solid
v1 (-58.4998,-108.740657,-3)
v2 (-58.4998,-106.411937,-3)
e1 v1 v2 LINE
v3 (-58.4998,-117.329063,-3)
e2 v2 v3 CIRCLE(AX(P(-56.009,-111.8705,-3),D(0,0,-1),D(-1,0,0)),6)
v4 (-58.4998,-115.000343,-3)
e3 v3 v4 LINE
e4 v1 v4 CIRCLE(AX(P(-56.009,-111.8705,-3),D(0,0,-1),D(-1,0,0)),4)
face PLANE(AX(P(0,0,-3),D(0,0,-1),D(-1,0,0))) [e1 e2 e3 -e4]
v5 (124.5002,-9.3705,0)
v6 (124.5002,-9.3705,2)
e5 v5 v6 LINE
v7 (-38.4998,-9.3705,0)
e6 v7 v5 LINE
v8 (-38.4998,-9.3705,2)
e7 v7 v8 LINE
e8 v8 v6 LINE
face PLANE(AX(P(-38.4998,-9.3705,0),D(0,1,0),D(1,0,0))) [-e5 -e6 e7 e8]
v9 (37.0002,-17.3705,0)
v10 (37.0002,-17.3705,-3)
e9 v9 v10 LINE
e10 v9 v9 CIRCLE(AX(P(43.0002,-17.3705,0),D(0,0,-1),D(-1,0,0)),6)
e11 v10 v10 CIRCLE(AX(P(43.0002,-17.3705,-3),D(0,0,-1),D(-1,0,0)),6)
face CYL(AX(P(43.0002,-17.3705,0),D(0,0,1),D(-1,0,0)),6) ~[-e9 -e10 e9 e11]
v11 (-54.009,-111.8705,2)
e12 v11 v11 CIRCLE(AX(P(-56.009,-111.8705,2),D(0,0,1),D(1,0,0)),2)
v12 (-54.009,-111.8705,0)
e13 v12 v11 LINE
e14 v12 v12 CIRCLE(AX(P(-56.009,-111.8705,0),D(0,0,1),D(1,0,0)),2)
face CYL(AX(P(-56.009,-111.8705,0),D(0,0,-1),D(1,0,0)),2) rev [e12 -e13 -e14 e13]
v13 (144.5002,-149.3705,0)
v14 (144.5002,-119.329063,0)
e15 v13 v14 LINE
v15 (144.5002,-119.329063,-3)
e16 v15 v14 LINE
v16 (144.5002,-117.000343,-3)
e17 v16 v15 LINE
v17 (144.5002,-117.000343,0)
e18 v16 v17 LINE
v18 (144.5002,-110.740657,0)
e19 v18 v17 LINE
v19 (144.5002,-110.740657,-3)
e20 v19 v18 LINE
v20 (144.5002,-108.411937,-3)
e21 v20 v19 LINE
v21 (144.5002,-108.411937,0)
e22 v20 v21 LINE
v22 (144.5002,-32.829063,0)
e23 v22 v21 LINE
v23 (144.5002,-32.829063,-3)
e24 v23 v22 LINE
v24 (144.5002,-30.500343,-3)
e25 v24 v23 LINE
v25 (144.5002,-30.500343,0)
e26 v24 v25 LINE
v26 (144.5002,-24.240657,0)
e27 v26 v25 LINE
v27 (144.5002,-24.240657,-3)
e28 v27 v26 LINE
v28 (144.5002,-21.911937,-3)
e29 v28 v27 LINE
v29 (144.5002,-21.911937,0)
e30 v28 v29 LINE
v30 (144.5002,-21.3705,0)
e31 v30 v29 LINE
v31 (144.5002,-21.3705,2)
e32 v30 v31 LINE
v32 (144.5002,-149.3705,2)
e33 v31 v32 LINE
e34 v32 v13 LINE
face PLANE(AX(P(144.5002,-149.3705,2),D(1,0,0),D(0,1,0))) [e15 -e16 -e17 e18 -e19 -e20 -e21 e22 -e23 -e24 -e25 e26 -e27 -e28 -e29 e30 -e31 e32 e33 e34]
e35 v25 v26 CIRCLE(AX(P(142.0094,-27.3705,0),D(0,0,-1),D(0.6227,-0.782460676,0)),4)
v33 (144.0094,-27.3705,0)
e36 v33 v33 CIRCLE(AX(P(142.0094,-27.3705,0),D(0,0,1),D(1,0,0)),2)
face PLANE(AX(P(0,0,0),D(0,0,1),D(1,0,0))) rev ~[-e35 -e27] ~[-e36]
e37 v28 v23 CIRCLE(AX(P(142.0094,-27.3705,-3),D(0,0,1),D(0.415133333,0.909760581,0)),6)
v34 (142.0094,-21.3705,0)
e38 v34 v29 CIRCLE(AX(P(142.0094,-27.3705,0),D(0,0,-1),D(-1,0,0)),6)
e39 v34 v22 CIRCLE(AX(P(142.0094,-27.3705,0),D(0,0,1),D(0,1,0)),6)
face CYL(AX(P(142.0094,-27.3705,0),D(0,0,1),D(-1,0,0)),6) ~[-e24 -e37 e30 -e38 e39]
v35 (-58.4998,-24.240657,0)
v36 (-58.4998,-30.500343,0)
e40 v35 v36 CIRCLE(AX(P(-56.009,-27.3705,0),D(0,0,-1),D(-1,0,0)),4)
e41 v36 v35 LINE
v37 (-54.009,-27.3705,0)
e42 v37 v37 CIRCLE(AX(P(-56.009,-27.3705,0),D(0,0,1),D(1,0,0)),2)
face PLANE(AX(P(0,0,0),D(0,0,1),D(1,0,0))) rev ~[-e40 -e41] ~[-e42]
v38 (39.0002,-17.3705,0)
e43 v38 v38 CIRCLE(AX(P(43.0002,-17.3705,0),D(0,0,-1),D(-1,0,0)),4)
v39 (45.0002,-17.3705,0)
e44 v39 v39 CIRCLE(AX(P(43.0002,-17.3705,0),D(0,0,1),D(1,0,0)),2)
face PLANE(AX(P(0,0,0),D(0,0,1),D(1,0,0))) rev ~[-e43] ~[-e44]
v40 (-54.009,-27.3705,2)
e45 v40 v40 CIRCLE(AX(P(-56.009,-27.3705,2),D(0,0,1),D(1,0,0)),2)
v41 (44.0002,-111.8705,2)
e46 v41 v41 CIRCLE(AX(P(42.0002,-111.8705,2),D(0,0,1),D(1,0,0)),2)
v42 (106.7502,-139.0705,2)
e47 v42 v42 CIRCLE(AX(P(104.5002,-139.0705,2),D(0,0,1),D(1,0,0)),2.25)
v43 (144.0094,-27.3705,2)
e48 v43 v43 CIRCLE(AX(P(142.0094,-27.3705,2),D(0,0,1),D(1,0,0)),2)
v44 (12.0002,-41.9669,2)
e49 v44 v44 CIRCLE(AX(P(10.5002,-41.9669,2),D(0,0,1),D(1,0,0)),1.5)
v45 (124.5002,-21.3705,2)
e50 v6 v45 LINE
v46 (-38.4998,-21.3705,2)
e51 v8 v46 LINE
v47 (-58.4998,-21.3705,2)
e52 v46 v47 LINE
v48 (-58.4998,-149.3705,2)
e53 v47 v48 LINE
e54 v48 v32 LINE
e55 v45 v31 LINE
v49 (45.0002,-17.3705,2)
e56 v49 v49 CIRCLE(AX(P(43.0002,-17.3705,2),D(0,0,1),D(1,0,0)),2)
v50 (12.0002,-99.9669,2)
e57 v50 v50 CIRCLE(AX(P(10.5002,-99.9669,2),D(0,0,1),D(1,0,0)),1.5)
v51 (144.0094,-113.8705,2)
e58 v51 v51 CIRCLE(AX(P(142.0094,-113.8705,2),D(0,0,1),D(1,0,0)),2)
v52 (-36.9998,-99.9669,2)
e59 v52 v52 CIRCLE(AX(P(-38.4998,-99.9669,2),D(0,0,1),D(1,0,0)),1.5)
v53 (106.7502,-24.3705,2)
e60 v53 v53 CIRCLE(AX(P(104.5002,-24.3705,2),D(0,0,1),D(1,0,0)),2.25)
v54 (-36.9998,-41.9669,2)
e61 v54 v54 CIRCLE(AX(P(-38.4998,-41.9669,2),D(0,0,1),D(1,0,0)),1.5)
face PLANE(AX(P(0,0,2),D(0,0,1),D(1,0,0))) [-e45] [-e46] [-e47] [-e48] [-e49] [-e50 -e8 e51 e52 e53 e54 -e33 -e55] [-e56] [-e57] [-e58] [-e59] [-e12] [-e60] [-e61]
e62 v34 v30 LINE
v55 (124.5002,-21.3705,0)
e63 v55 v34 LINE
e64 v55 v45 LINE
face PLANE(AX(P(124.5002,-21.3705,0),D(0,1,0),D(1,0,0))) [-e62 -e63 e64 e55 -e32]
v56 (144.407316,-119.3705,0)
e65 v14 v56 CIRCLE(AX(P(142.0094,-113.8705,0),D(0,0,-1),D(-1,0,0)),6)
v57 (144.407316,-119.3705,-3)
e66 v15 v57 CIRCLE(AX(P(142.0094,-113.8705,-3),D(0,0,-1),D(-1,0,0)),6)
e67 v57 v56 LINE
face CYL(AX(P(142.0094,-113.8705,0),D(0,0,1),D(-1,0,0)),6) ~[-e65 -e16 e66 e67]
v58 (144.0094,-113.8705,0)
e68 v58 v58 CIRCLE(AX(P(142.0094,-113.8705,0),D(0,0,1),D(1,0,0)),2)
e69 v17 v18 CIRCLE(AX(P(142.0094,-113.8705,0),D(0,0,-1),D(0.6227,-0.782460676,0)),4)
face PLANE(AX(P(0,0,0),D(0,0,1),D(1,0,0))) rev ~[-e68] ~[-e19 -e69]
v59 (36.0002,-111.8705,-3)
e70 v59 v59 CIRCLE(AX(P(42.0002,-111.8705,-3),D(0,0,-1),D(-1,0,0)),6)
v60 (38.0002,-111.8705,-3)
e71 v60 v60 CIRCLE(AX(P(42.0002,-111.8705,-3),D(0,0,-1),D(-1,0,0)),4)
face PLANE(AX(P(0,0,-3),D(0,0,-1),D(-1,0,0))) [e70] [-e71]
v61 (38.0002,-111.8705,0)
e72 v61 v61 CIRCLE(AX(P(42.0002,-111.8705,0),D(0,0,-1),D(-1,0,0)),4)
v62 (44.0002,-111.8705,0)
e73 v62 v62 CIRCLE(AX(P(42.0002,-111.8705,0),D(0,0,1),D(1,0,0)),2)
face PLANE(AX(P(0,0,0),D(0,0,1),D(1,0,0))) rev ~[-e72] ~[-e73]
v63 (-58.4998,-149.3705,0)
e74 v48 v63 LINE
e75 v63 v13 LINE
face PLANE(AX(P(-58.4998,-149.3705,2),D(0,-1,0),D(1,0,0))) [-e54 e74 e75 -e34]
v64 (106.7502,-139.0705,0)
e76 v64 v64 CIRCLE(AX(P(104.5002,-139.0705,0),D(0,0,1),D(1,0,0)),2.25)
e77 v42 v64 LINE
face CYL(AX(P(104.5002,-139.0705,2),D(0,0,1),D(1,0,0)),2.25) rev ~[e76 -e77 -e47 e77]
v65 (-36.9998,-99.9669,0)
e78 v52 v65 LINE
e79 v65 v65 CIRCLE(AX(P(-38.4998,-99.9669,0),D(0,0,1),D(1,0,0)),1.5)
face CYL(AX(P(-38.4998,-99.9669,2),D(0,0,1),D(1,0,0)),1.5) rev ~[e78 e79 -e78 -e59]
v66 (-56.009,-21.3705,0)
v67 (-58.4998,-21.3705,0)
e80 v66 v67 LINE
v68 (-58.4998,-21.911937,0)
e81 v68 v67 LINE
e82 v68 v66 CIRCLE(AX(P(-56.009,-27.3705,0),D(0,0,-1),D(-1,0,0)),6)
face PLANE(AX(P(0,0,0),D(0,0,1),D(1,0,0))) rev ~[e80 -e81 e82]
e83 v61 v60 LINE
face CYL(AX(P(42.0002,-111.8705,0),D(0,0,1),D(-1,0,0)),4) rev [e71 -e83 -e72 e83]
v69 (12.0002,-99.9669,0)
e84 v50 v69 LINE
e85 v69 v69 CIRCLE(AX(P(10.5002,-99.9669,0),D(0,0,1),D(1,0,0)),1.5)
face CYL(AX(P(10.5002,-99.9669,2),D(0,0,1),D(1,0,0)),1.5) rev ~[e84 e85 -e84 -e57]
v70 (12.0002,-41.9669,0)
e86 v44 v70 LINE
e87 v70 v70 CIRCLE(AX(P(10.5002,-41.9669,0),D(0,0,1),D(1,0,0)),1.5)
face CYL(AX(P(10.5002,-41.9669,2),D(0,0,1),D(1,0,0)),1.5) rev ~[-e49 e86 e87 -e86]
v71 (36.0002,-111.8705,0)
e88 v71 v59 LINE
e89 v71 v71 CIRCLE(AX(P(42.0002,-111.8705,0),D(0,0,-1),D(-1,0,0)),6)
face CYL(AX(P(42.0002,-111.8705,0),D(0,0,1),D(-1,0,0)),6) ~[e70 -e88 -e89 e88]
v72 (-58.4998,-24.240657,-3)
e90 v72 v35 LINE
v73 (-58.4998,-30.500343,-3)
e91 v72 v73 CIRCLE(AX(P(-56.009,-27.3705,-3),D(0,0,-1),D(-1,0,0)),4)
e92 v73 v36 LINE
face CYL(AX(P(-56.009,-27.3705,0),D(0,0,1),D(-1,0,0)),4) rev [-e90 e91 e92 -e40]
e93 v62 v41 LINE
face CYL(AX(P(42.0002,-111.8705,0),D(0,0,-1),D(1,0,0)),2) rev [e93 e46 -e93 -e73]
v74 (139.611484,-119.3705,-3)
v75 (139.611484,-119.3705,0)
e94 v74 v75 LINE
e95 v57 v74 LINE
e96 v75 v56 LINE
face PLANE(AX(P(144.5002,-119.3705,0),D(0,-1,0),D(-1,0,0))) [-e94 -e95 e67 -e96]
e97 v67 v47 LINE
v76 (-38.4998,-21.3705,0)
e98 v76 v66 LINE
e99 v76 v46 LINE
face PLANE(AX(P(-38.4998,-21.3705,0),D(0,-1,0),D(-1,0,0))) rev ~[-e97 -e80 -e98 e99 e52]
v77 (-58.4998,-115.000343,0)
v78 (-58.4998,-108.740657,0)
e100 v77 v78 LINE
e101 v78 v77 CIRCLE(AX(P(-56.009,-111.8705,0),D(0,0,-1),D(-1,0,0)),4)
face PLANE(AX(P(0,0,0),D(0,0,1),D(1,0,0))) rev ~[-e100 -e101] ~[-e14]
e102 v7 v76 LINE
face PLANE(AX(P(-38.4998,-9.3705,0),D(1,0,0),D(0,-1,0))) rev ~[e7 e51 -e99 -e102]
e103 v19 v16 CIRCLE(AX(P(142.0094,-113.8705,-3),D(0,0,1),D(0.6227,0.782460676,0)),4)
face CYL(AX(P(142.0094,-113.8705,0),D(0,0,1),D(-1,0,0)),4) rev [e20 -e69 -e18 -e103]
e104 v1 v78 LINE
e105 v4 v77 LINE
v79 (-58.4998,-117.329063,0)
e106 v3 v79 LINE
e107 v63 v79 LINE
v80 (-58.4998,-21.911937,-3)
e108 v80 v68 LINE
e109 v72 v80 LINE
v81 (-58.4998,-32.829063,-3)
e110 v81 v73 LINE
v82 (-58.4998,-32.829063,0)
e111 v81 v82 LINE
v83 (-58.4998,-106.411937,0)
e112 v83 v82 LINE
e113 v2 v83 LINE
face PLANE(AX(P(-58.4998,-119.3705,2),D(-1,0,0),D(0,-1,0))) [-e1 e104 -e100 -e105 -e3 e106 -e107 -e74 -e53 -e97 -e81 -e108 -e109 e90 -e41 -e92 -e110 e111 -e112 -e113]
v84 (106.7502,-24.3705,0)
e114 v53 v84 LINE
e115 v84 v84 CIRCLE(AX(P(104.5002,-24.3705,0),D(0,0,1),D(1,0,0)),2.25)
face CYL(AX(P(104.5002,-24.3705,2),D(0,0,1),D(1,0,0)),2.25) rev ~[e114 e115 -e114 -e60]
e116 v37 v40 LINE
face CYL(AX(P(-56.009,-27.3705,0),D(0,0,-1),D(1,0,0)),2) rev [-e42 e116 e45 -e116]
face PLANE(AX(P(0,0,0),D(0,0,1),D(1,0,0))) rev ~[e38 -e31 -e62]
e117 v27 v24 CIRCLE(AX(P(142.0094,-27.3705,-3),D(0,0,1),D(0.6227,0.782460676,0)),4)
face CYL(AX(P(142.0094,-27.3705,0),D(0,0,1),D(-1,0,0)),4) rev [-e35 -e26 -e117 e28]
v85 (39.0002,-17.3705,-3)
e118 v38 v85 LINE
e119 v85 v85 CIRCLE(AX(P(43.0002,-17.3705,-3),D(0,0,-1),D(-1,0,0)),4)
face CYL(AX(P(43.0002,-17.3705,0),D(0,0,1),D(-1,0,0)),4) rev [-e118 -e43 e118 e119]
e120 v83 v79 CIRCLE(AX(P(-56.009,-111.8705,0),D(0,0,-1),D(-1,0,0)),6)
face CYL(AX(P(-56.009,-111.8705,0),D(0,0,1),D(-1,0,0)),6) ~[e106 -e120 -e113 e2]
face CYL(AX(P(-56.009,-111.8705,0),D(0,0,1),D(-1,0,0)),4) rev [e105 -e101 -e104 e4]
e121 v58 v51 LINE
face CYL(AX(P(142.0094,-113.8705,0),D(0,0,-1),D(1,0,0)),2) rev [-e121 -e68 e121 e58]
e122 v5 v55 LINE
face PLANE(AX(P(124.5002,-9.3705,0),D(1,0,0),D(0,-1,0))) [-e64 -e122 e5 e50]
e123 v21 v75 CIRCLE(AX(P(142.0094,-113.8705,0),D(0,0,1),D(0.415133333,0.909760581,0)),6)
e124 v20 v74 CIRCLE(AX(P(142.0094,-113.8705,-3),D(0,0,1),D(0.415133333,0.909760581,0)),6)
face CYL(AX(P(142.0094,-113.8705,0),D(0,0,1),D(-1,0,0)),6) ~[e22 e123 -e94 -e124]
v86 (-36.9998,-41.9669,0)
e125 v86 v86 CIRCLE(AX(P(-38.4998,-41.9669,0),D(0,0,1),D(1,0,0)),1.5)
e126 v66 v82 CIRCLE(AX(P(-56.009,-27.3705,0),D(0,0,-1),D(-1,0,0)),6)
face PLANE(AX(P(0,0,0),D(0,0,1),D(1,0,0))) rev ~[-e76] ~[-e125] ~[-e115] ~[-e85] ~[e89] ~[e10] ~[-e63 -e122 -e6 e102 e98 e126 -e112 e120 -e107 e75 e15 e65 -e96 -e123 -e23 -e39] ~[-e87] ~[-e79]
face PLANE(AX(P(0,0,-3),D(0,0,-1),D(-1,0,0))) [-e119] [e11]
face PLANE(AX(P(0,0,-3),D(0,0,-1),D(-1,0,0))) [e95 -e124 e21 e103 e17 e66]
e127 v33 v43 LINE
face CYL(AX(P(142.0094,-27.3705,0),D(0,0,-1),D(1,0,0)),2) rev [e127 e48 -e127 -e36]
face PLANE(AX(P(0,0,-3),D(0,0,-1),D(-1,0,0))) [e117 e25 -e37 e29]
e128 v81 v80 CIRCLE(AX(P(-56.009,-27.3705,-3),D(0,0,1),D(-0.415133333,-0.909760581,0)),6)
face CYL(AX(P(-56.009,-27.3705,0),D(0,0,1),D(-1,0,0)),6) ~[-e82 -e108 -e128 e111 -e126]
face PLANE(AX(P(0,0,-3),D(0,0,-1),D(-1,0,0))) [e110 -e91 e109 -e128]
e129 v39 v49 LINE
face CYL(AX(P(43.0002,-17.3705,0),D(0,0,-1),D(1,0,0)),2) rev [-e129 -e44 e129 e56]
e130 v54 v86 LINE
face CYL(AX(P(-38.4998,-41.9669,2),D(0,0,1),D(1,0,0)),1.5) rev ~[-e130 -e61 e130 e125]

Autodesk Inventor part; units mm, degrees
ref_plane "YZ Plane" through (0, 0, 0) normal (1, 0, 0) x (0, 1, 0)
ref_plane "XZ Plane" through (0, 0, 0) normal (0, 1, 0) x (-1, 0, 0)
ref_plane "XY Plane" through (0, 0, 0) normal (0, 0, 1) x (1, 0, 0)
sketch "Sketch1" plane through (0, 0, 0) normal (0, 0, 1) x (1, 0, 0)
  line L0 (-58.4998, -9.3705) -> (144.5002, -9.3705)
  line L1 (144.5002, -9.3705) -> (144.5002, -119.3705)
  line L2 (144.5002, -119.3705) -> (-58.4998, -119.3705)
  line L3 (-58.4998, -119.3705) -> (-58.4998, -9.3705)
  line L4 (-58.4998, -9.3705) -> (-38.4998, -9.3705)
  line L5 (-38.4998, -9.3705) -> (-38.4998, -21.3705)
  line L6 (-38.4998, -21.3705) -> (-58.4998, -21.3705)
  line L7 (-58.4998, -21.3705) -> (-58.4998, -9.3705)
  line L8 (144.5002, -9.3705) -> (124.5002, -9.3705)
  line L9 (124.5002, -9.3705) -> (124.5002, -21.3705)
  line L10 (124.5002, -21.3705) -> (144.5002, -21.3705)
  line L11 (144.5002, -21.3705) -> (144.5002, -9.3705)
  circle A0 centre (-56.009, -27.3705) radius 2
  circle A1 centre (142.0094, -27.3705) radius 2
  circle A2 centre (43.0002, -17.3705) radius 2
  circle A3 centre (-56.009, -111.8705) radius 2
  circle A4 centre (42.0002, -111.8705) radius 2
  circle A5 centre (142.0094, -113.8705) radius 2
  point P0 (0, 0)
  dimension "d0" = 203
  dimension "d1" = 110
  dimension "d2" = 20
  dimension "d3" = 12
  dimension "d4" = 20
  dimension "d5" = 12
  dimension "d6" = 4
  dimension "d7" = 4
  dimension "d8" = 198.0184
  dimension "d9" = 2.4908
  dimension "d10" = 18
  dimension "d11" = 4
  dimension "d12" = 10
  dimension "d13" = 99.0092
  dimension "d14" = 4
  dimension "d15" = 84.5
  dimension "d16" = 4
  dimension "d17" = 4
  dimension "d18" = 0
extrude "Extrusion1" add sketch "Sketch1" along normal blind 2 contours L0 L9 L10 L1 L2 L3 L6 L5
sketch "Sketch3" plane through (0, 0, 0) normal (0, 0, -1) x (-1, 0, 0)
  circle A0 centre (56.009, -111.8705) radius 2 projected
  circle A1 centre (-42.0002, -111.8705) radius 2 projected
  circle A2 centre (-142.0094, -113.8705) radius 2 projected
  circle A3 centre (-142.0094, -27.3705) radius 2 projected
  circle A4 centre (-43.0002, -17.3705) radius 2 projected
  circle A5 centre (56.009, -27.3705) radius 2 projected
  circle A6 centre (56.009, -111.8705) radius 6
  circle A7 centre (-42.0002, -111.8705) radius 6
  circle A8 centre (-142.0094, -113.8705) radius 2 projected
  circle A9 centre (-142.0094, -113.8705) radius 6
  circle A10 centre (-43.0002, -17.3705) radius 6
  circle A11 centre (-142.0094, -27.3705) radius 6
  circle A12 centre (56.009, -27.3705) radius 6
  circle A13 centre (56.009, -111.8705) radius 4
  circle A14 centre (-42.0002, -111.8705) radius 4
  circle A15 centre (56.009, -27.3705) radius 4
  circle A16 centre (-43.0002, -17.3705) radius 4
  circle A17 centre (-142.0094, -27.3705) radius 4
  circle A18 centre (-142.0094, -113.8705) radius 4
  point P0 (0, 0)
  dimension "d45" = 12
  dimension "d46" = 12
  dimension "d47" = 12
  dimension "d48" = 12
  dimension "d49" = 12
  dimension "d50" = 12
  dimension "d51" = 8
  dimension "d52" = 8
  dimension "d53" = 8
  dimension "d54" = 8
  dimension "d55" = 8
  dimension "d56" = 8
extrude "Extrusion3" add sketch "Sketch3" along normal blind 3 contours A6 | A7 | A9 | A10 | A11 | A12
sketch "Sketch4" plane through (0, 0, 2) normal (0, 0, 1) x (1, 0, 0)
  line L0 (124.5002, -9.3705) -> (-38.4998, -9.3705) projected
  line L1 (-38.4998, -9.3705) -> (-38.4998, -21.3705) projected
  line L2 (-38.4998, -21.3705) -> (-58.4998, -21.3705) projected
  line L3 (-58.4998, -21.3705) -> (-58.4998, -119.3705) projected
  line L4 (-58.4998, -119.3705) -> (144.5002, -119.3705) projected
  line L5 (144.5002, -119.3705) -> (144.5002, -21.3705) projected
  line L6 (144.5002, -21.3705) -> (124.5002, -21.3705) projected
  line L7 (124.5002, -21.3705) -> (124.5002, -9.3705) projected
  line L8 (-77.131, 13.4165) -> (211.8208, 13.4165)
  line L9 (211.8208, 13.4165) -> (211.8208, -174.2275)
  line L10 (211.8208, -174.2275) -> (-77.131, -174.2275)
  line L11 (-77.131, -174.2275) -> (-77.131, 13.4165)
  point P0 (0, 0)
extrude "Extrusion4" cut sketch "Sketch4" against normal through all
sketch "Sketch6" plane through (0, 0, 2) normal (0, 0, 1) x (1, 0, 0)
  circle A0 centre (-38.4998, -99.9669) radius 1.5
  circle A1 centre (-38.4998, -41.9669) radius 1.5
  line L0 (-58.4998, -21.3705) -> (-58.4998, -119.3705) projected
  circle A2 centre (10.5002, -99.9669) radius 1.5
  circle A3 centre (10.5002, -41.9669) radius 1.5
  point P0 (0, 0)
  dimension "d73" = 3
  dimension "d74" = 3
  dimension "d75" = 20
  dimension "d76" = 20
  dimension "d77" = 58
  dimension "d78" = 3
  dimension "d79" = 49
  dimension "d80" = 3
extrude "Extrusion6" cut sketch "Sketch6" against normal blind 10
sketch "Sketch8" plane through (0, 0, 2) normal (0, 0, 1) x (1, 0, 0)
  line L0 (-58.4998, -119.3705) -> (144.5002, -119.3705) projected
  line L1 (144.5002, -119.3705) -> (-58.4998, -119.3705)
  line L2 (-58.4998, -119.3705) -> (-58.4998, -149.3705)
  line L3 (-58.4998, -149.3705) -> (144.5002, -149.3705)
  line L4 (144.5002, -149.3705) -> (144.5002, -119.3705)
  point P0 (0, 0)
  dimension "d86" = 30
extrude "Extrusion7" add sketch "Sketch8" against normal blind 2
sketch "Sketch9" plane through (0, 0, 2) normal (0, 0, 1) x (1, 0, 0)
  circle A0 centre (104.5002, -24.3705) radius 2.25
  circle A1 centre (104.5002, -139.0705) radius 2.25
  line L0 (124.5002, -9.3705) -> (-38.4998, -9.3705) projected
  line L1 (144.5002, -149.3705) -> (144.5002, -21.3705) projected
  point P0 (0, 0)
  dimension "d89" = 4.5
  dimension "d90" = 4.5
  dimension "d91" = 15
  dimension "d92" = 114.7
  dimension "d93" = 40
  dimension "d94" = 40
extrude "Extrusion8" cut sketch "Sketch9" against normal blind 2
equation "\"d13\" = 0.5 * d8"
properties part number "PiAndBusBarPlate"
